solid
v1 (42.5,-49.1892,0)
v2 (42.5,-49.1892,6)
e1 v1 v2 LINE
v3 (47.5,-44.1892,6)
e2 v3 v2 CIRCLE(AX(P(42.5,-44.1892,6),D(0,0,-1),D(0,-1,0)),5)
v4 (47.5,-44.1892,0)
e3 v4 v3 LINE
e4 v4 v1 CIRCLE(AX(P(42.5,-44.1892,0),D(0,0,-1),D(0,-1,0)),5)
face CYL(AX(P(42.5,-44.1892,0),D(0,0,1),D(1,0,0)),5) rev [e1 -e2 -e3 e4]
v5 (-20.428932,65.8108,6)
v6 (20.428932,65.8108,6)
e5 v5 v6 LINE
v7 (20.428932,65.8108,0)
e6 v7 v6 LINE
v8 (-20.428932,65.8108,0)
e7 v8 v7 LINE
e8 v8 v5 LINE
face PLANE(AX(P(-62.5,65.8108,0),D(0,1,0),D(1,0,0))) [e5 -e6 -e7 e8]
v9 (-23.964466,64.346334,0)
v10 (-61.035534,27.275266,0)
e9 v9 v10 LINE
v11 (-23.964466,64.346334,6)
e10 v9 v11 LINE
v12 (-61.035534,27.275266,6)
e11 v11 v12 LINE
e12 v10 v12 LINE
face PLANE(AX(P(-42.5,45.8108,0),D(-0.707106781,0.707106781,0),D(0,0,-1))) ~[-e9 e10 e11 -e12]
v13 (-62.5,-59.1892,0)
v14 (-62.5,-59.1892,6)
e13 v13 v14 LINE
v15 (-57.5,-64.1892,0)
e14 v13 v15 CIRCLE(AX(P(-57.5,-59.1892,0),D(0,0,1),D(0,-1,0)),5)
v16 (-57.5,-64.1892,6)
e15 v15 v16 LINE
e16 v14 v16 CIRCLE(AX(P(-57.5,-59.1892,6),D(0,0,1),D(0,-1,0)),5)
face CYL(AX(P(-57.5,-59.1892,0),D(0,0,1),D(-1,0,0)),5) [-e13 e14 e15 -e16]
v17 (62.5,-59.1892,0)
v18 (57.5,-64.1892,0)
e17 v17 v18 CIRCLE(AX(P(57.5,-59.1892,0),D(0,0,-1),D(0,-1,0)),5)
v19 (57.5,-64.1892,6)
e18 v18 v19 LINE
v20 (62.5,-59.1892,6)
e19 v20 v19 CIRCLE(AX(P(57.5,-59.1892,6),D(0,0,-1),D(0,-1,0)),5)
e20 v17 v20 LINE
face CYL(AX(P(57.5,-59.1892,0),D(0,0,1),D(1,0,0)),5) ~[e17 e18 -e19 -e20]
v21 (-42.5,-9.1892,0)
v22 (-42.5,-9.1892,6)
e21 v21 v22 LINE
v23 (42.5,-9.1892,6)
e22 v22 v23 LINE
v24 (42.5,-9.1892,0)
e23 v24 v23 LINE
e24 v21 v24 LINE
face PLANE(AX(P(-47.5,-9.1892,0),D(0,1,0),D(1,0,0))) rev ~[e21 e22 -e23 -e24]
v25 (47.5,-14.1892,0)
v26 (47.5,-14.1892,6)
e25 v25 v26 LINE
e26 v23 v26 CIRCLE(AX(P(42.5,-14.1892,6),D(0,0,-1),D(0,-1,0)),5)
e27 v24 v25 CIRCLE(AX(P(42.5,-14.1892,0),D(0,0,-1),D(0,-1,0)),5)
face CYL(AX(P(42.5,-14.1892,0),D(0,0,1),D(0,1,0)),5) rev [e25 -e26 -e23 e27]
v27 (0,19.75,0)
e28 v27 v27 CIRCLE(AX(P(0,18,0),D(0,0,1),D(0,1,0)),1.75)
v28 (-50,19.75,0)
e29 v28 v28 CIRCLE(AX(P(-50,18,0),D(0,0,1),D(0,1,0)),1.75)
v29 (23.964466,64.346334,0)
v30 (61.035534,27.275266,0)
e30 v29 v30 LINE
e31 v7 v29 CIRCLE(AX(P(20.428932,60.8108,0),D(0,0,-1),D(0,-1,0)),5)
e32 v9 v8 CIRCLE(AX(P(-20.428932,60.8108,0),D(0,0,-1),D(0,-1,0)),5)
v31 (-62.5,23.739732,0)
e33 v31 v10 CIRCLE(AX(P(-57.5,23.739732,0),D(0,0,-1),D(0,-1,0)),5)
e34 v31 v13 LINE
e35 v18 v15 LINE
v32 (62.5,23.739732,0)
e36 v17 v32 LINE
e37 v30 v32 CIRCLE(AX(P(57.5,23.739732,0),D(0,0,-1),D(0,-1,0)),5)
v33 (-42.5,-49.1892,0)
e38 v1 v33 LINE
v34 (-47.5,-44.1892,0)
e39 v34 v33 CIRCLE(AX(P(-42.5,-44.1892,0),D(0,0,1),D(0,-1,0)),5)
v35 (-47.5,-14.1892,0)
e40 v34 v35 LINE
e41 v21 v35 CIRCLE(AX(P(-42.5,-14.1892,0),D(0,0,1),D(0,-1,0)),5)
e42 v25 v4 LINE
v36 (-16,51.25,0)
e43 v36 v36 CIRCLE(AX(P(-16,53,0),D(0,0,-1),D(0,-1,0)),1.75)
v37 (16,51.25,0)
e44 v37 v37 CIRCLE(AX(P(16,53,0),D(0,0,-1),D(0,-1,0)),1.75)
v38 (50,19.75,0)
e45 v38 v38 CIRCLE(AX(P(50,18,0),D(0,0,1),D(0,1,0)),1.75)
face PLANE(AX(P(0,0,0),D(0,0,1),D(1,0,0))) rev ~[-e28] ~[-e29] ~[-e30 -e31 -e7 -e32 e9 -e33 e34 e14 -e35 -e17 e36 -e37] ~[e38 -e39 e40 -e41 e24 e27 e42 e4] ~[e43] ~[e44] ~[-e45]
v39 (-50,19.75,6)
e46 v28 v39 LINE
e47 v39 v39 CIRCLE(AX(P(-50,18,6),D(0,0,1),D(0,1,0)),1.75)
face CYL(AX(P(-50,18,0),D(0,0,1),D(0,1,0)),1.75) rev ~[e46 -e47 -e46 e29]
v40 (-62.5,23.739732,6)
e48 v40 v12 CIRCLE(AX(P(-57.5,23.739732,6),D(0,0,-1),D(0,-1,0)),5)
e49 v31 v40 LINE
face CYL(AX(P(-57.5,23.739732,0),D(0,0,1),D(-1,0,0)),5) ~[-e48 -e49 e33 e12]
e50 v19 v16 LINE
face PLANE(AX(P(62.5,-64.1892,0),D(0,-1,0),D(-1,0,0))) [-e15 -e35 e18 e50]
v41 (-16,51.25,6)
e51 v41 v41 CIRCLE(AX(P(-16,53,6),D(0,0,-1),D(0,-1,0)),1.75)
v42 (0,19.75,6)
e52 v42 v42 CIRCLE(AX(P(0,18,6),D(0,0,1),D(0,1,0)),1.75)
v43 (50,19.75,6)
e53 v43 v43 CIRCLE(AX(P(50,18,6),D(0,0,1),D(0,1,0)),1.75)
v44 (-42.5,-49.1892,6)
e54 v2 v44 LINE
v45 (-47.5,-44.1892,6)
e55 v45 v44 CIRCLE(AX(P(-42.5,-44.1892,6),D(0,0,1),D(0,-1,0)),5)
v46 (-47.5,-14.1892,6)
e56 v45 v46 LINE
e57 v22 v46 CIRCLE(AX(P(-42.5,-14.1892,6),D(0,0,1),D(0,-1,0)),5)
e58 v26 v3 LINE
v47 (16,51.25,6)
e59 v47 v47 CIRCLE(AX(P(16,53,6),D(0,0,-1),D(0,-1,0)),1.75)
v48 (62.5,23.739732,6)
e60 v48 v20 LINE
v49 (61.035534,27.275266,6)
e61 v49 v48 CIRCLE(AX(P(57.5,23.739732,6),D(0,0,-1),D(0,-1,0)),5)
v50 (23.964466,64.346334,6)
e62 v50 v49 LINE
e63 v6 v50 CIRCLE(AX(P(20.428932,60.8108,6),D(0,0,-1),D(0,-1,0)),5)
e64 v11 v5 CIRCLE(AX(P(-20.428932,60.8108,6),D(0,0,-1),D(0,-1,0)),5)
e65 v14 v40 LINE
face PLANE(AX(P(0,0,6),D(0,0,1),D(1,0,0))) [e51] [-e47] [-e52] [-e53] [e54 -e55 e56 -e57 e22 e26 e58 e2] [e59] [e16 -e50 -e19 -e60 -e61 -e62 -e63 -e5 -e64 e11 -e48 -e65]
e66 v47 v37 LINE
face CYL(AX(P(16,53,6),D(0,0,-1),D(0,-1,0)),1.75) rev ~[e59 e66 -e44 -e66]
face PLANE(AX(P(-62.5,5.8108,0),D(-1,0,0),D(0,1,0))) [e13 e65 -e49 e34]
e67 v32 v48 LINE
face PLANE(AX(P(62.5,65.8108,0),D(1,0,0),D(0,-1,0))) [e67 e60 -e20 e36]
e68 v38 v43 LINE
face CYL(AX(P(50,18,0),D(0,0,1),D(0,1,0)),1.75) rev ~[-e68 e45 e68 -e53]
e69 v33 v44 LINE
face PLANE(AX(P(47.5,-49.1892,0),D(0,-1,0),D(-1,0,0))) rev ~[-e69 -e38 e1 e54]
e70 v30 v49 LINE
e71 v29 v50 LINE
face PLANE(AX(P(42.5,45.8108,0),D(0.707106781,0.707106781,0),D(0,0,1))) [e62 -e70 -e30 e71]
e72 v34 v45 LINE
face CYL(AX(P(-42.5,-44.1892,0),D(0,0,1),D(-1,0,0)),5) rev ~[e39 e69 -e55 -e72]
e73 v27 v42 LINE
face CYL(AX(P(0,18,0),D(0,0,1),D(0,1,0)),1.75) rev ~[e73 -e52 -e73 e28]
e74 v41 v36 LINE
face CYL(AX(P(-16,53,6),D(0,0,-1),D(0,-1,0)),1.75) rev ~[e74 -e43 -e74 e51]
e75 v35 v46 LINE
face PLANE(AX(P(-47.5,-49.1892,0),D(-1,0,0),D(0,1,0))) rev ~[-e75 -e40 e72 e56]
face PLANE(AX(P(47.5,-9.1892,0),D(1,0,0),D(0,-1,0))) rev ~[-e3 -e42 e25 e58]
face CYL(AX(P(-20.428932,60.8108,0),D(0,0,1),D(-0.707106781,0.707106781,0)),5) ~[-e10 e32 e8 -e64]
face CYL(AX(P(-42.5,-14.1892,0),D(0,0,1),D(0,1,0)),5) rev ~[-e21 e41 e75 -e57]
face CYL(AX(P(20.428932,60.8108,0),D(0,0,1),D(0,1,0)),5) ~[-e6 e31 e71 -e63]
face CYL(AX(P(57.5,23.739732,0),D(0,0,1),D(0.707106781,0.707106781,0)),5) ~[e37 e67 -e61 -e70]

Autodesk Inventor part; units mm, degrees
ref_plane "YZ Plane" through (0, 0, 0) normal (1, 0, 0) x (0, 1, 0)
ref_plane "XZ Plane" through (0, 0, 0) normal (0, 1, 0) x (-1, 0, 0)
ref_plane "XY Plane" through (0, 0, 0) normal (0, 0, 1) x (1, 0, 0)
sketch "Sketch1" plane through (0, 0, 0) normal (0, 0, 1) x (1, 0, 0)
  line L0 (-62.5, 65.8108) -> (62.5, 65.8108)
  line L1 (62.5, 65.8108) -> (62.5, -64.1892)
  line L2 (62.5, -64.1892) -> (-62.5, -64.1892)
  line L3 (-62.5, -64.1892) -> (-62.5, 65.8108)
  line L4 (-47.5, -9.1892) -> (47.5, -9.1892)
  line L5 (47.5, -9.1892) -> (47.5, -49.1892)
  line L6 (47.5, -49.1892) -> (-47.5, -49.1892)
  line L7 (-47.5, -49.1892) -> (-47.5, -9.1892)
  line L8 (-62.5, 5.8108) -> (62.5, 5.8108)
  point P0 (0, 0)
  point P1 (-50, 18)
  point P2 (50, 18)
  point P3 (0, 18)
  dimension "d0" = 125
  dimension "d1" = 62.5
  dimension "d2" = 60
  dimension "d3" = 15
  dimension "d4" = 40
  dimension "d5" = 15
  dimension "d6" = 15
  dimension "d7" = 15
  dimension "d8" = 100
  dimension "d9" = 12.5
  dimension "d24" = 50
extrude "Extrusion1" add sketch "Sketch1" along normal blind 6
hole "Hole1" at (-50, 18, 0) at (50, 18, 0) at (0, 18, 0) direction (0, 0, 1) diameter 3.5 end through all
chamfer "Chamfer1" distance 40 angle 45 2 edges at (-62.5, 65.8108, 3) (62.5, 65.8108, 3)
fillet "Fillet1" radius 5 6 edges at (47.5, -9.1892, 3) (47.5, -49.1892, 3) (62.5, -64.1892, 3) (-62.5, -64.1892, 3) (-47.5, -49.1892, 3) (-47.5, -9.1892, 3)
fillet "Fillet2" radius 5 4 edges at (-62.5, 25.8108, 3) (-22.5, 65.8108, 3) (22.5, 65.8108, 3) (62.5, 25.8108, 3)
sketch "Sketch2" plane through (0, 0, 6) normal (0, 0, 1) x (1, 0, 0)
  circle A0 centre (0, 18) radius 1.75 projected
  circle A1 centre (50, 18) radius 1.75 projected
  circle A2 centre (-50, 18) radius 1.75 projected
  arc A3 (62.5, 23.7397) -> (61.0355, 27.2753) centre (57.5, 23.7397) ccw projected
  line L0 (23.9645, 64.3463) -> (61.0355, 27.2753) projected
  arc A4 (23.9645, 64.3463) -> (20.4289, 65.8108) centre (20.4289, 60.8108) ccw projected
  line L1 (20.4289, 65.8108) -> (-20.4289, 65.8108) projected
  arc A5 (-20.4289, 65.8108) -> (-23.9645, 64.3463) centre (-20.4289, 60.8108) ccw projected
  line L2 (-61.0355, 27.2753) -> (-23.9645, 64.3463) projected
  arc A6 (-61.0355, 27.2753) -> (-62.5, 23.7397) centre (-57.5, 23.7397) ccw projected
  line L3 (-62.5, 23.7397) -> (-62.5, -59.1892) projected
  arc A7 (-62.5, -59.1892) -> (-57.5, -64.1892) centre (-57.5, -59.1892) ccw projected
  line L4 (-57.5, -64.1892) -> (57.5, -64.1892) projected
  arc A8 (57.5, -64.1892) -> (62.5, -59.1892) centre (57.5, -59.1892) ccw projected
  line L5 (62.5, -59.1892) -> (62.5, 23.7397) projected
  line L6 (-42.5, -9.1892) -> (42.5, -9.1892) projected
  arc A9 (47.5, -14.1892) -> (42.5, -9.1892) centre (42.5, -14.1892) ccw projected
  line L7 (47.5, -14.1892) -> (47.5, -44.1892) projected
  arc A10 (42.5, -49.1892) -> (47.5, -44.1892) centre (42.5, -44.1892) ccw projected
  line L8 (42.5, -49.1892) -> (-42.5, -49.1892) projected
  arc A11 (-47.5, -44.1892) -> (-42.5, -49.1892) centre (-42.5, -44.1892) ccw projected
  line L9 (-47.5, -44.1892) -> (-47.5, -14.1892) projected
  arc A12 (-42.5, -9.1892) -> (-47.5, -14.1892) centre (-42.5, -14.1892) ccw projected
  point P0 (0, 0)
  point P1 (16, 53)
  point P2 (-16, 53)
  dimension "d25" = 16
  dimension "d26" = 16
  dimension "d27" = 35
hole "Hole2" at (16, 53, 6) at (-16, 53, 6) direction (0, 0, -1) diameter 3.5 end through all
equation "\"d1\" = 0.5 * d0"
equation "\"d5\" = d3"
equation "\"d6\" = d3"
equation "\"d7\" = d5"
equation "\"d9\" = -0.5 * d8 + 0.5 * d0"
equation "\"d24\" = 0.5 * d8"
equation "\"d26\" = d25"
properties part number "3DP_PLA_Handle"
